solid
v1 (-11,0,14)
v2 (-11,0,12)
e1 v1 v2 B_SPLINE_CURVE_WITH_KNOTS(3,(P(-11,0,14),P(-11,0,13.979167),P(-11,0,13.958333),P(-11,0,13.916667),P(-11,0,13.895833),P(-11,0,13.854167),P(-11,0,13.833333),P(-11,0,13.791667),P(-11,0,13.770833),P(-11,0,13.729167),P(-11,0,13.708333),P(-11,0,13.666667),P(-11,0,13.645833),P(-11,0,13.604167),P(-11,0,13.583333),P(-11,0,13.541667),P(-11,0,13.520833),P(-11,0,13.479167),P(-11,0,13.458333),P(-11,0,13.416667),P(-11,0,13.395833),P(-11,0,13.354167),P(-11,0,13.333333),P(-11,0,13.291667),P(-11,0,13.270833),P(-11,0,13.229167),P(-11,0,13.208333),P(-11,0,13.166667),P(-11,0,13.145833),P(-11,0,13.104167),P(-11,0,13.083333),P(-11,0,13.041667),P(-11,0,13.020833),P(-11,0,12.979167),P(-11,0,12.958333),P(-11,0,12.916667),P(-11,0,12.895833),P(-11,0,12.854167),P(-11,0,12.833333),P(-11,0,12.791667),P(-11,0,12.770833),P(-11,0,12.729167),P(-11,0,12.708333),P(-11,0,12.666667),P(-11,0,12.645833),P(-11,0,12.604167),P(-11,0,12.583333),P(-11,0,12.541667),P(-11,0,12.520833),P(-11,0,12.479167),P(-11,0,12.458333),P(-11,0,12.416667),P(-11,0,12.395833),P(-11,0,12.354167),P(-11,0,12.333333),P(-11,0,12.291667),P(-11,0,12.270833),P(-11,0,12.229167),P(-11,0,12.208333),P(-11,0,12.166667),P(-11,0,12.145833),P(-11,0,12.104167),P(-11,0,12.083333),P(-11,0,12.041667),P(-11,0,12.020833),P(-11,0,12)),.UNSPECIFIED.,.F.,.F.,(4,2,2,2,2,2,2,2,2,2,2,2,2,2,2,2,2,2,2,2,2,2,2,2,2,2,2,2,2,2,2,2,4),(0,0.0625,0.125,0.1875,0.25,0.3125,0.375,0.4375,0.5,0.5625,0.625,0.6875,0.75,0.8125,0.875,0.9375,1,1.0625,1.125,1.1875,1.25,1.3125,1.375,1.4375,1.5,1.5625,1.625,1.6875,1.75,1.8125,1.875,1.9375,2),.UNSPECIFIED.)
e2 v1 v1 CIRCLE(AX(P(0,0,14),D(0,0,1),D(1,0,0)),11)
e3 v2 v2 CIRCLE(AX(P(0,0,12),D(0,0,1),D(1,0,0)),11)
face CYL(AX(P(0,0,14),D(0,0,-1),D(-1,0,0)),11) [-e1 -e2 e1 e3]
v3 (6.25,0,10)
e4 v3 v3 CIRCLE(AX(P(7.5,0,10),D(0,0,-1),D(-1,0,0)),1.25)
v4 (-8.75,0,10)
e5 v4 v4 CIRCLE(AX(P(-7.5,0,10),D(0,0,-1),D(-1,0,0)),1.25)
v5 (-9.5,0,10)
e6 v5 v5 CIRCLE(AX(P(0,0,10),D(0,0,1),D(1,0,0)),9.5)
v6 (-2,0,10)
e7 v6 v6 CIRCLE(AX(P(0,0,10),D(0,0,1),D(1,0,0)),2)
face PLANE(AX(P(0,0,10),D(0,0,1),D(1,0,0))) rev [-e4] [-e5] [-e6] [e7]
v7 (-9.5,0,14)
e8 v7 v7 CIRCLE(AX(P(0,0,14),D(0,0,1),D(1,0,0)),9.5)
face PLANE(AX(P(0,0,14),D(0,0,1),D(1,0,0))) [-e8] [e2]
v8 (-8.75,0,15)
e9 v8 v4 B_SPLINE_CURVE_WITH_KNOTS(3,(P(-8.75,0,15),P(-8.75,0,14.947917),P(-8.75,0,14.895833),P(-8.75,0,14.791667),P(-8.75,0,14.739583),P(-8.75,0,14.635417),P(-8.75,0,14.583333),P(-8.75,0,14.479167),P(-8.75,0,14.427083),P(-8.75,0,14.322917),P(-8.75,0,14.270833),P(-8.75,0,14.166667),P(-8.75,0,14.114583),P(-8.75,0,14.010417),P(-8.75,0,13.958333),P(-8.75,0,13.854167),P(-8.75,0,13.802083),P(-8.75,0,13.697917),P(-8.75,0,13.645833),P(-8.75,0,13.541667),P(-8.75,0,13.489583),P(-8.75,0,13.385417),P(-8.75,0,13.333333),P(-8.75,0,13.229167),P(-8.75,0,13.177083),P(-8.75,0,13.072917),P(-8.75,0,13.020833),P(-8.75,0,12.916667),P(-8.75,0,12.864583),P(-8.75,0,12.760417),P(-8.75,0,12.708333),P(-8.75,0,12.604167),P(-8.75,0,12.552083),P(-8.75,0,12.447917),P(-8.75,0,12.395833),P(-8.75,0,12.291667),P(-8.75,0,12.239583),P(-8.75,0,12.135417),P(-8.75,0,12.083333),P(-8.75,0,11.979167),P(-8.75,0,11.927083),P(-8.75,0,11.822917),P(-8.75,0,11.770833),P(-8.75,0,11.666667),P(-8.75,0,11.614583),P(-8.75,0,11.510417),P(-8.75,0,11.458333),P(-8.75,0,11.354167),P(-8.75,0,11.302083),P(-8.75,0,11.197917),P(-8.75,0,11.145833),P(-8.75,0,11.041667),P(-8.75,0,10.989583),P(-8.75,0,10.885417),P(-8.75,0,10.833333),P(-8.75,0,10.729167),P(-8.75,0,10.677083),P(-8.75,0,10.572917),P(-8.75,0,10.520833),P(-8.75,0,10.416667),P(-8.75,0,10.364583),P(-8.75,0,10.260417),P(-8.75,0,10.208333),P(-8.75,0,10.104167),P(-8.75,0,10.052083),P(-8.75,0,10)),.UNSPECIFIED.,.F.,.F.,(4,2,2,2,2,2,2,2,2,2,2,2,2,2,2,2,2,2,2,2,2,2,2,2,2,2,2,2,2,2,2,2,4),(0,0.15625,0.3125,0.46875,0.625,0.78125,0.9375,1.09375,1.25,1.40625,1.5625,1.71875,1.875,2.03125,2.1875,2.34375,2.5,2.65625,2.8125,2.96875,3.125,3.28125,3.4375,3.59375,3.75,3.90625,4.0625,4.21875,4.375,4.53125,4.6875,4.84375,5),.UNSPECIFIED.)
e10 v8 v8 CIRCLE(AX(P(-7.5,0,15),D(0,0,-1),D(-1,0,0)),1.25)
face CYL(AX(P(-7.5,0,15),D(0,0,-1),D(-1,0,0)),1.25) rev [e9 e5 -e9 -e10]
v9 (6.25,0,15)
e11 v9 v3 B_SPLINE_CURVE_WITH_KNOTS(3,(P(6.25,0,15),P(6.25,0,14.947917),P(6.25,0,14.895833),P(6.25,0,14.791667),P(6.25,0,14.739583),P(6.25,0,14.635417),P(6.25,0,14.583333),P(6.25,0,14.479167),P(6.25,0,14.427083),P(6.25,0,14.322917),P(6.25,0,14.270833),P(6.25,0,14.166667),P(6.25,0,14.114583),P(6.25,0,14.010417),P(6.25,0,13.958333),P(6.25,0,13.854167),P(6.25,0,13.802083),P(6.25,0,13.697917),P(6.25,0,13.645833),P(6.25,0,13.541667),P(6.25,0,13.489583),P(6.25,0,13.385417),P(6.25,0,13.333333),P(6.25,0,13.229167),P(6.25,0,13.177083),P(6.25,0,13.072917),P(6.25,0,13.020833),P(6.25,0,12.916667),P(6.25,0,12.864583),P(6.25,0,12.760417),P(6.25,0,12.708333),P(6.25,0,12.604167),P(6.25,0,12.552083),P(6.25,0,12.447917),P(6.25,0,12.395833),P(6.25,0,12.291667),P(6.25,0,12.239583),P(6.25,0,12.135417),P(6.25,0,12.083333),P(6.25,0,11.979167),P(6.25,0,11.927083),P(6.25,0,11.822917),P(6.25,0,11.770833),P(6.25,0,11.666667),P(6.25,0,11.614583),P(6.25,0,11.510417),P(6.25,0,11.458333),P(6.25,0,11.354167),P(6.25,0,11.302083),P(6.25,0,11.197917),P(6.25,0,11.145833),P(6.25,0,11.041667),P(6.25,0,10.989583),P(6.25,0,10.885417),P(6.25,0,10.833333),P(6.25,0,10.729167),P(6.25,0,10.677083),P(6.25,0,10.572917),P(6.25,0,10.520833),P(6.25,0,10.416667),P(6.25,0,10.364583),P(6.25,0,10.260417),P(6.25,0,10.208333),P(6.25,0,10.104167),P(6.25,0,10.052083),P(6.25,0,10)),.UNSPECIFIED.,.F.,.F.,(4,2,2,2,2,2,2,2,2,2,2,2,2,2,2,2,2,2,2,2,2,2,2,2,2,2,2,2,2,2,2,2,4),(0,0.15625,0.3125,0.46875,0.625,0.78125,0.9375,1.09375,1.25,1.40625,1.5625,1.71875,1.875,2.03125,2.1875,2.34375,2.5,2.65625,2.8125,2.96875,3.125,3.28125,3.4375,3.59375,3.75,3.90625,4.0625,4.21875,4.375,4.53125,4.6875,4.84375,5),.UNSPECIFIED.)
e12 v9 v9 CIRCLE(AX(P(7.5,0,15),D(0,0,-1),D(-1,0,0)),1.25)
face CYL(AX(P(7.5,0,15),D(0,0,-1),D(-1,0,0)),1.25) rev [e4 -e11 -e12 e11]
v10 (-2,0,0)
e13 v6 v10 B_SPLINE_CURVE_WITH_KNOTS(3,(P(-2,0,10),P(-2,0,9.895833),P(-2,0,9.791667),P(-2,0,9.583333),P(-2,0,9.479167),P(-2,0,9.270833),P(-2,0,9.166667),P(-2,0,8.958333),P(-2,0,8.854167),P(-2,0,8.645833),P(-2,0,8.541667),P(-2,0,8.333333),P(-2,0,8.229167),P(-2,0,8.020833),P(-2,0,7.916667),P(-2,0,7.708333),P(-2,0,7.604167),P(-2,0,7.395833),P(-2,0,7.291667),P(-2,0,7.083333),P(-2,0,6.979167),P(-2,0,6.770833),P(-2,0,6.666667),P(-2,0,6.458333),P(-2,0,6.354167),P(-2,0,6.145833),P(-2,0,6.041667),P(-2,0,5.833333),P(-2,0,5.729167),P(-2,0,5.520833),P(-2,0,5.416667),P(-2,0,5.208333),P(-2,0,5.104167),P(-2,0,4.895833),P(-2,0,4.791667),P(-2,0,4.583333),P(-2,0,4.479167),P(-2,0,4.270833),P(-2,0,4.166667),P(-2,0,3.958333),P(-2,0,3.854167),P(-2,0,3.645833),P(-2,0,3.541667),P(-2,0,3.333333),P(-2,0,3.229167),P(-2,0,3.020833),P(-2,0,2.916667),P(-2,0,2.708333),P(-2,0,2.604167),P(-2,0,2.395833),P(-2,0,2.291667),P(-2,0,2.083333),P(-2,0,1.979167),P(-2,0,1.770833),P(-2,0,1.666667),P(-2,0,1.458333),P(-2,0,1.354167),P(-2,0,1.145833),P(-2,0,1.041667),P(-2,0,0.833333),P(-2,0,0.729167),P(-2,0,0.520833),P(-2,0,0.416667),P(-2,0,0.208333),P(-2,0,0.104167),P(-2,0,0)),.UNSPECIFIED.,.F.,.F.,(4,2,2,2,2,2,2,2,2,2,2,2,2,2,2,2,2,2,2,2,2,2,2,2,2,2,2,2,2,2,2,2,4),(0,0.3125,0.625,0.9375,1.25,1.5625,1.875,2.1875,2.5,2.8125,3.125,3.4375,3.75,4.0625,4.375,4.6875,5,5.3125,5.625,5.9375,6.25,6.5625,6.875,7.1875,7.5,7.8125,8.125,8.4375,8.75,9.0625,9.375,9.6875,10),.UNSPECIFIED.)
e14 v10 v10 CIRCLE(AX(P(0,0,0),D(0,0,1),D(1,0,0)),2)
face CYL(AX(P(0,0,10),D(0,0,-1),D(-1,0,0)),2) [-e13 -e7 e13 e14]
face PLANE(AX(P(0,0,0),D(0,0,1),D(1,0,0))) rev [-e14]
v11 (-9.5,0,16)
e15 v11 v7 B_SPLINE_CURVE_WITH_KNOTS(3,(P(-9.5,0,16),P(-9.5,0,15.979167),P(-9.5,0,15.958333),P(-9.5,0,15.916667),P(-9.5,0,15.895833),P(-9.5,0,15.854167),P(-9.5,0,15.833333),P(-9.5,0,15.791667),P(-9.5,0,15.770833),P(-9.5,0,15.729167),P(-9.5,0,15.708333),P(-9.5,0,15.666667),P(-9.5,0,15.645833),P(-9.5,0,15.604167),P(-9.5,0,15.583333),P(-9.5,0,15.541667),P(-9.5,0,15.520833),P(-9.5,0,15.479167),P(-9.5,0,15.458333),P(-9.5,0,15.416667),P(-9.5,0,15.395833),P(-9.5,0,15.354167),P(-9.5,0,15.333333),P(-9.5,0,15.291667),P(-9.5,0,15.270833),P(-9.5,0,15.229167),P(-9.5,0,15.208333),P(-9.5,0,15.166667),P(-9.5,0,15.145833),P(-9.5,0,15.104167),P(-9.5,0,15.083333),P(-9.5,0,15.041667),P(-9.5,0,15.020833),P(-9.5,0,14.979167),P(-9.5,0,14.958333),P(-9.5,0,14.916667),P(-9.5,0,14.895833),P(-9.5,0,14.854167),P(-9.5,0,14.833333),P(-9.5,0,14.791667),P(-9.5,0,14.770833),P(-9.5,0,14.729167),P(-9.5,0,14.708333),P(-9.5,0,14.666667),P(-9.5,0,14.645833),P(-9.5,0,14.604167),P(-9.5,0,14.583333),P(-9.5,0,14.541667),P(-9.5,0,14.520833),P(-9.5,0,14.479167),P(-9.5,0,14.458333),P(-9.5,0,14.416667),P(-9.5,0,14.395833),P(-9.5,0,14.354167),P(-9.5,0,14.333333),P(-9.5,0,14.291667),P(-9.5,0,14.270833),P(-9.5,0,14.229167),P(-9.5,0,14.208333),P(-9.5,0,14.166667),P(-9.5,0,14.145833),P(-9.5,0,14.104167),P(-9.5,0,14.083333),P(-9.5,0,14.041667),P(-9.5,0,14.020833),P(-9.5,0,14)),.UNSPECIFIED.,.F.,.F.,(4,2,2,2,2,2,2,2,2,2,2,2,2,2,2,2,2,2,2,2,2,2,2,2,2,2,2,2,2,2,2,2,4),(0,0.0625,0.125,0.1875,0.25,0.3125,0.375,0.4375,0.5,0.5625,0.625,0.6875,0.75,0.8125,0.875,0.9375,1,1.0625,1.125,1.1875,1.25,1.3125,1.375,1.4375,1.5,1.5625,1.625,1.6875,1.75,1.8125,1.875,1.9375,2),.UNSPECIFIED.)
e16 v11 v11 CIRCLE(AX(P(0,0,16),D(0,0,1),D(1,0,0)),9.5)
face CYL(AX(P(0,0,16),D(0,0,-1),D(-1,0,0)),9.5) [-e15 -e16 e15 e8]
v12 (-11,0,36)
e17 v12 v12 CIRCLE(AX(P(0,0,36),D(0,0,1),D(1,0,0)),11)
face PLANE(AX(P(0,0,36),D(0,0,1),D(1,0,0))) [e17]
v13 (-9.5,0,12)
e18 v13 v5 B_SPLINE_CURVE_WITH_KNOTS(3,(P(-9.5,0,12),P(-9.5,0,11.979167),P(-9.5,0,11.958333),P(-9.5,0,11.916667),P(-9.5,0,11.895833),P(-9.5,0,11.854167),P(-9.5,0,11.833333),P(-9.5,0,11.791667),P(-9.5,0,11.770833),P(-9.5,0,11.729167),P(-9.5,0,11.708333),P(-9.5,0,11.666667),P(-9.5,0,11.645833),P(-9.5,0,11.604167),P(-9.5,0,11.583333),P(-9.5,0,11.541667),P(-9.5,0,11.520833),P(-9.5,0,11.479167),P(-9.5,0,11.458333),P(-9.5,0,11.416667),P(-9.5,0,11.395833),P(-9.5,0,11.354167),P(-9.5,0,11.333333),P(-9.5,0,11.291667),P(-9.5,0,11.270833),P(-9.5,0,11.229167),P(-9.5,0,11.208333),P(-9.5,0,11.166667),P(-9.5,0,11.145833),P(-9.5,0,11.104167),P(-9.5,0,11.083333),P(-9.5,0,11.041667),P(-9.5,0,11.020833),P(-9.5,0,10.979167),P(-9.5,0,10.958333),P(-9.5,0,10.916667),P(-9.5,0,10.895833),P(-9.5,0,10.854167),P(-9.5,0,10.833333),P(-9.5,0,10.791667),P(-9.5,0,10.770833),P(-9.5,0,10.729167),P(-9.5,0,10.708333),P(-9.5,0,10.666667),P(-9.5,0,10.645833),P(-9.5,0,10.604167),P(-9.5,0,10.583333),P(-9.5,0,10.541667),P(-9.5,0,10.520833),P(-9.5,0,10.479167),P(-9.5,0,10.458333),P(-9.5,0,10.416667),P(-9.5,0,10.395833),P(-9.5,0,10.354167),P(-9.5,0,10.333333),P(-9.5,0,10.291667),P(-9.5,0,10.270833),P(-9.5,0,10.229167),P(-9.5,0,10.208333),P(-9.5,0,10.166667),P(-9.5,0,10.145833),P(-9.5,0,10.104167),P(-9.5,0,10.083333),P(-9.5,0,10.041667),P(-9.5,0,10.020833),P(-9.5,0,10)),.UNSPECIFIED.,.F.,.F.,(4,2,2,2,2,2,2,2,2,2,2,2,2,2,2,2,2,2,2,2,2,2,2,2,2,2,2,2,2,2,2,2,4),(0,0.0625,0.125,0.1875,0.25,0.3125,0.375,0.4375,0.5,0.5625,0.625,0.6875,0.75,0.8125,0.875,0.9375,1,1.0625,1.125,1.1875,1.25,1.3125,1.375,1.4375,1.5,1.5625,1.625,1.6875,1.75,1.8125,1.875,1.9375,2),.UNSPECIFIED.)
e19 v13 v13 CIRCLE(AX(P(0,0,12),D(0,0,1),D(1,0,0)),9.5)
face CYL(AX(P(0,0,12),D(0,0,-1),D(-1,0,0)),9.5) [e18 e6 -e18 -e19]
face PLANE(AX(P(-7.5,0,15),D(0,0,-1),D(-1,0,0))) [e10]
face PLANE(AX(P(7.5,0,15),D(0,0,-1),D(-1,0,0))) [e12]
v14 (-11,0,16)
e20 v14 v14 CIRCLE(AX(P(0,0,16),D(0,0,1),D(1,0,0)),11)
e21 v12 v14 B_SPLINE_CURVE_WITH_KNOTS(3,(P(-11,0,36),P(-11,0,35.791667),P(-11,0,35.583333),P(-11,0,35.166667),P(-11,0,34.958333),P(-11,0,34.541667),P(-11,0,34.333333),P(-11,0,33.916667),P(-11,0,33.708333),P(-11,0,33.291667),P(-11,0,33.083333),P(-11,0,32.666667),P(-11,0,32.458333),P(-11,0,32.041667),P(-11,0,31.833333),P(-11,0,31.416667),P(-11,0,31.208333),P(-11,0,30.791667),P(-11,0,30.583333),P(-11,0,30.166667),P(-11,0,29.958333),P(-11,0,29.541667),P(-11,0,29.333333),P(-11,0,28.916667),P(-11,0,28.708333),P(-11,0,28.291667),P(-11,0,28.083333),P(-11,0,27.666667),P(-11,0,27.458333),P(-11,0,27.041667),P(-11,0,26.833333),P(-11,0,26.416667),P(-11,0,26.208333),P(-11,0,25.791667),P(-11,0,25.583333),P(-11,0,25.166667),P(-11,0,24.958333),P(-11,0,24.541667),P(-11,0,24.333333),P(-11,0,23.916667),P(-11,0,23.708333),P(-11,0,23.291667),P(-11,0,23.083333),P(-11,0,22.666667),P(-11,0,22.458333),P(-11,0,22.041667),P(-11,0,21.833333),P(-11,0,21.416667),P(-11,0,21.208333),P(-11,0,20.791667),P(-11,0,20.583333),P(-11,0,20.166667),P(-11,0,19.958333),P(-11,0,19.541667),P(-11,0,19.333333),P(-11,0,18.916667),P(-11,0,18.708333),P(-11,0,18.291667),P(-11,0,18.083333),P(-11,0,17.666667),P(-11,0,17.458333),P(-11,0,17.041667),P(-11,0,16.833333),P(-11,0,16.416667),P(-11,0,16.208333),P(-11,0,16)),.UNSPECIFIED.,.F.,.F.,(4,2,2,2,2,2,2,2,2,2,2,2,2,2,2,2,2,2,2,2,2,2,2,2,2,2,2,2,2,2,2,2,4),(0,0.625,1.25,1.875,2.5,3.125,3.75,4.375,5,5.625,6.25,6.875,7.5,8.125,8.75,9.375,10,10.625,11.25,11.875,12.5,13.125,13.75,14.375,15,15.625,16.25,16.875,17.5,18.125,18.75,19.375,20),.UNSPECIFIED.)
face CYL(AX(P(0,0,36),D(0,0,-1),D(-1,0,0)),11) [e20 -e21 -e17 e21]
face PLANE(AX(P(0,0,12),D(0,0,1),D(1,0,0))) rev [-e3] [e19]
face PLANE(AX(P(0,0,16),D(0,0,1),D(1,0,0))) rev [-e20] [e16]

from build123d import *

# Parameters (mm, degrees)
SKETCH1_R           = 2
BOSS_EXTRUDE1_DEPTH = 10
SKETCH2_R           = 9.5
BOSS_EXTRUDE2_DEPTH = 2
SKETCH3_R           = 11
BOSS_EXTRUDE3_DEPTH = 2
SKETCH4_R           = 9.5
BOSS_EXTRUDE4_DEPTH = 2
SKETCH5_R           = 11
BOSS_EXTRUDE5_DEPTH = 20
SKETCH6_R           = 1.25
CUT_EXTRUDE1_DEPTH  = 5


with BuildPart() as part:
    # Sketch1 → Boss-Extrude1 (new body)
    with BuildSketch(Plane.XY):
        Circle(SKETCH1_R)
    extrude(amount=BOSS_EXTRUDE1_DEPTH)

    # Sketch2 → Boss-Extrude2 (add)
    with BuildSketch(Plane.XY.offset(10)):
        Circle(SKETCH2_R)
    extrude(amount=BOSS_EXTRUDE2_DEPTH)

    # Sketch3 → Boss-Extrude3 (add)
    with BuildSketch(Plane.XY.offset(12)):
        Circle(SKETCH3_R)
    extrude(amount=BOSS_EXTRUDE3_DEPTH)

    # Sketch4 → Boss-Extrude4 (add)
    with BuildSketch(Plane.XY.offset(14)):
        Circle(SKETCH4_R)
    extrude(amount=BOSS_EXTRUDE4_DEPTH)

    # Sketch5 → Boss-Extrude5 (add)
    with BuildSketch(Plane.XY.offset(16)):
        Circle(SKETCH5_R)
    extrude(amount=BOSS_EXTRUDE5_DEPTH)

    # Sketch6 → Cut-Extrude1 (cut)
    with BuildSketch(Plane(origin=(0, 0, 10), x_dir=(-1, 0, 0), z_dir=(0, 0, -1))):
        with Locations((-7.5, 0)):
            Circle(SKETCH6_R)
        with Locations((7.5, 0)):
            Circle(SKETCH6_R)
    extrude(amount=-CUT_EXTRUDE1_DEPTH, mode=Mode.SUBTRACT)


solid = part.part
